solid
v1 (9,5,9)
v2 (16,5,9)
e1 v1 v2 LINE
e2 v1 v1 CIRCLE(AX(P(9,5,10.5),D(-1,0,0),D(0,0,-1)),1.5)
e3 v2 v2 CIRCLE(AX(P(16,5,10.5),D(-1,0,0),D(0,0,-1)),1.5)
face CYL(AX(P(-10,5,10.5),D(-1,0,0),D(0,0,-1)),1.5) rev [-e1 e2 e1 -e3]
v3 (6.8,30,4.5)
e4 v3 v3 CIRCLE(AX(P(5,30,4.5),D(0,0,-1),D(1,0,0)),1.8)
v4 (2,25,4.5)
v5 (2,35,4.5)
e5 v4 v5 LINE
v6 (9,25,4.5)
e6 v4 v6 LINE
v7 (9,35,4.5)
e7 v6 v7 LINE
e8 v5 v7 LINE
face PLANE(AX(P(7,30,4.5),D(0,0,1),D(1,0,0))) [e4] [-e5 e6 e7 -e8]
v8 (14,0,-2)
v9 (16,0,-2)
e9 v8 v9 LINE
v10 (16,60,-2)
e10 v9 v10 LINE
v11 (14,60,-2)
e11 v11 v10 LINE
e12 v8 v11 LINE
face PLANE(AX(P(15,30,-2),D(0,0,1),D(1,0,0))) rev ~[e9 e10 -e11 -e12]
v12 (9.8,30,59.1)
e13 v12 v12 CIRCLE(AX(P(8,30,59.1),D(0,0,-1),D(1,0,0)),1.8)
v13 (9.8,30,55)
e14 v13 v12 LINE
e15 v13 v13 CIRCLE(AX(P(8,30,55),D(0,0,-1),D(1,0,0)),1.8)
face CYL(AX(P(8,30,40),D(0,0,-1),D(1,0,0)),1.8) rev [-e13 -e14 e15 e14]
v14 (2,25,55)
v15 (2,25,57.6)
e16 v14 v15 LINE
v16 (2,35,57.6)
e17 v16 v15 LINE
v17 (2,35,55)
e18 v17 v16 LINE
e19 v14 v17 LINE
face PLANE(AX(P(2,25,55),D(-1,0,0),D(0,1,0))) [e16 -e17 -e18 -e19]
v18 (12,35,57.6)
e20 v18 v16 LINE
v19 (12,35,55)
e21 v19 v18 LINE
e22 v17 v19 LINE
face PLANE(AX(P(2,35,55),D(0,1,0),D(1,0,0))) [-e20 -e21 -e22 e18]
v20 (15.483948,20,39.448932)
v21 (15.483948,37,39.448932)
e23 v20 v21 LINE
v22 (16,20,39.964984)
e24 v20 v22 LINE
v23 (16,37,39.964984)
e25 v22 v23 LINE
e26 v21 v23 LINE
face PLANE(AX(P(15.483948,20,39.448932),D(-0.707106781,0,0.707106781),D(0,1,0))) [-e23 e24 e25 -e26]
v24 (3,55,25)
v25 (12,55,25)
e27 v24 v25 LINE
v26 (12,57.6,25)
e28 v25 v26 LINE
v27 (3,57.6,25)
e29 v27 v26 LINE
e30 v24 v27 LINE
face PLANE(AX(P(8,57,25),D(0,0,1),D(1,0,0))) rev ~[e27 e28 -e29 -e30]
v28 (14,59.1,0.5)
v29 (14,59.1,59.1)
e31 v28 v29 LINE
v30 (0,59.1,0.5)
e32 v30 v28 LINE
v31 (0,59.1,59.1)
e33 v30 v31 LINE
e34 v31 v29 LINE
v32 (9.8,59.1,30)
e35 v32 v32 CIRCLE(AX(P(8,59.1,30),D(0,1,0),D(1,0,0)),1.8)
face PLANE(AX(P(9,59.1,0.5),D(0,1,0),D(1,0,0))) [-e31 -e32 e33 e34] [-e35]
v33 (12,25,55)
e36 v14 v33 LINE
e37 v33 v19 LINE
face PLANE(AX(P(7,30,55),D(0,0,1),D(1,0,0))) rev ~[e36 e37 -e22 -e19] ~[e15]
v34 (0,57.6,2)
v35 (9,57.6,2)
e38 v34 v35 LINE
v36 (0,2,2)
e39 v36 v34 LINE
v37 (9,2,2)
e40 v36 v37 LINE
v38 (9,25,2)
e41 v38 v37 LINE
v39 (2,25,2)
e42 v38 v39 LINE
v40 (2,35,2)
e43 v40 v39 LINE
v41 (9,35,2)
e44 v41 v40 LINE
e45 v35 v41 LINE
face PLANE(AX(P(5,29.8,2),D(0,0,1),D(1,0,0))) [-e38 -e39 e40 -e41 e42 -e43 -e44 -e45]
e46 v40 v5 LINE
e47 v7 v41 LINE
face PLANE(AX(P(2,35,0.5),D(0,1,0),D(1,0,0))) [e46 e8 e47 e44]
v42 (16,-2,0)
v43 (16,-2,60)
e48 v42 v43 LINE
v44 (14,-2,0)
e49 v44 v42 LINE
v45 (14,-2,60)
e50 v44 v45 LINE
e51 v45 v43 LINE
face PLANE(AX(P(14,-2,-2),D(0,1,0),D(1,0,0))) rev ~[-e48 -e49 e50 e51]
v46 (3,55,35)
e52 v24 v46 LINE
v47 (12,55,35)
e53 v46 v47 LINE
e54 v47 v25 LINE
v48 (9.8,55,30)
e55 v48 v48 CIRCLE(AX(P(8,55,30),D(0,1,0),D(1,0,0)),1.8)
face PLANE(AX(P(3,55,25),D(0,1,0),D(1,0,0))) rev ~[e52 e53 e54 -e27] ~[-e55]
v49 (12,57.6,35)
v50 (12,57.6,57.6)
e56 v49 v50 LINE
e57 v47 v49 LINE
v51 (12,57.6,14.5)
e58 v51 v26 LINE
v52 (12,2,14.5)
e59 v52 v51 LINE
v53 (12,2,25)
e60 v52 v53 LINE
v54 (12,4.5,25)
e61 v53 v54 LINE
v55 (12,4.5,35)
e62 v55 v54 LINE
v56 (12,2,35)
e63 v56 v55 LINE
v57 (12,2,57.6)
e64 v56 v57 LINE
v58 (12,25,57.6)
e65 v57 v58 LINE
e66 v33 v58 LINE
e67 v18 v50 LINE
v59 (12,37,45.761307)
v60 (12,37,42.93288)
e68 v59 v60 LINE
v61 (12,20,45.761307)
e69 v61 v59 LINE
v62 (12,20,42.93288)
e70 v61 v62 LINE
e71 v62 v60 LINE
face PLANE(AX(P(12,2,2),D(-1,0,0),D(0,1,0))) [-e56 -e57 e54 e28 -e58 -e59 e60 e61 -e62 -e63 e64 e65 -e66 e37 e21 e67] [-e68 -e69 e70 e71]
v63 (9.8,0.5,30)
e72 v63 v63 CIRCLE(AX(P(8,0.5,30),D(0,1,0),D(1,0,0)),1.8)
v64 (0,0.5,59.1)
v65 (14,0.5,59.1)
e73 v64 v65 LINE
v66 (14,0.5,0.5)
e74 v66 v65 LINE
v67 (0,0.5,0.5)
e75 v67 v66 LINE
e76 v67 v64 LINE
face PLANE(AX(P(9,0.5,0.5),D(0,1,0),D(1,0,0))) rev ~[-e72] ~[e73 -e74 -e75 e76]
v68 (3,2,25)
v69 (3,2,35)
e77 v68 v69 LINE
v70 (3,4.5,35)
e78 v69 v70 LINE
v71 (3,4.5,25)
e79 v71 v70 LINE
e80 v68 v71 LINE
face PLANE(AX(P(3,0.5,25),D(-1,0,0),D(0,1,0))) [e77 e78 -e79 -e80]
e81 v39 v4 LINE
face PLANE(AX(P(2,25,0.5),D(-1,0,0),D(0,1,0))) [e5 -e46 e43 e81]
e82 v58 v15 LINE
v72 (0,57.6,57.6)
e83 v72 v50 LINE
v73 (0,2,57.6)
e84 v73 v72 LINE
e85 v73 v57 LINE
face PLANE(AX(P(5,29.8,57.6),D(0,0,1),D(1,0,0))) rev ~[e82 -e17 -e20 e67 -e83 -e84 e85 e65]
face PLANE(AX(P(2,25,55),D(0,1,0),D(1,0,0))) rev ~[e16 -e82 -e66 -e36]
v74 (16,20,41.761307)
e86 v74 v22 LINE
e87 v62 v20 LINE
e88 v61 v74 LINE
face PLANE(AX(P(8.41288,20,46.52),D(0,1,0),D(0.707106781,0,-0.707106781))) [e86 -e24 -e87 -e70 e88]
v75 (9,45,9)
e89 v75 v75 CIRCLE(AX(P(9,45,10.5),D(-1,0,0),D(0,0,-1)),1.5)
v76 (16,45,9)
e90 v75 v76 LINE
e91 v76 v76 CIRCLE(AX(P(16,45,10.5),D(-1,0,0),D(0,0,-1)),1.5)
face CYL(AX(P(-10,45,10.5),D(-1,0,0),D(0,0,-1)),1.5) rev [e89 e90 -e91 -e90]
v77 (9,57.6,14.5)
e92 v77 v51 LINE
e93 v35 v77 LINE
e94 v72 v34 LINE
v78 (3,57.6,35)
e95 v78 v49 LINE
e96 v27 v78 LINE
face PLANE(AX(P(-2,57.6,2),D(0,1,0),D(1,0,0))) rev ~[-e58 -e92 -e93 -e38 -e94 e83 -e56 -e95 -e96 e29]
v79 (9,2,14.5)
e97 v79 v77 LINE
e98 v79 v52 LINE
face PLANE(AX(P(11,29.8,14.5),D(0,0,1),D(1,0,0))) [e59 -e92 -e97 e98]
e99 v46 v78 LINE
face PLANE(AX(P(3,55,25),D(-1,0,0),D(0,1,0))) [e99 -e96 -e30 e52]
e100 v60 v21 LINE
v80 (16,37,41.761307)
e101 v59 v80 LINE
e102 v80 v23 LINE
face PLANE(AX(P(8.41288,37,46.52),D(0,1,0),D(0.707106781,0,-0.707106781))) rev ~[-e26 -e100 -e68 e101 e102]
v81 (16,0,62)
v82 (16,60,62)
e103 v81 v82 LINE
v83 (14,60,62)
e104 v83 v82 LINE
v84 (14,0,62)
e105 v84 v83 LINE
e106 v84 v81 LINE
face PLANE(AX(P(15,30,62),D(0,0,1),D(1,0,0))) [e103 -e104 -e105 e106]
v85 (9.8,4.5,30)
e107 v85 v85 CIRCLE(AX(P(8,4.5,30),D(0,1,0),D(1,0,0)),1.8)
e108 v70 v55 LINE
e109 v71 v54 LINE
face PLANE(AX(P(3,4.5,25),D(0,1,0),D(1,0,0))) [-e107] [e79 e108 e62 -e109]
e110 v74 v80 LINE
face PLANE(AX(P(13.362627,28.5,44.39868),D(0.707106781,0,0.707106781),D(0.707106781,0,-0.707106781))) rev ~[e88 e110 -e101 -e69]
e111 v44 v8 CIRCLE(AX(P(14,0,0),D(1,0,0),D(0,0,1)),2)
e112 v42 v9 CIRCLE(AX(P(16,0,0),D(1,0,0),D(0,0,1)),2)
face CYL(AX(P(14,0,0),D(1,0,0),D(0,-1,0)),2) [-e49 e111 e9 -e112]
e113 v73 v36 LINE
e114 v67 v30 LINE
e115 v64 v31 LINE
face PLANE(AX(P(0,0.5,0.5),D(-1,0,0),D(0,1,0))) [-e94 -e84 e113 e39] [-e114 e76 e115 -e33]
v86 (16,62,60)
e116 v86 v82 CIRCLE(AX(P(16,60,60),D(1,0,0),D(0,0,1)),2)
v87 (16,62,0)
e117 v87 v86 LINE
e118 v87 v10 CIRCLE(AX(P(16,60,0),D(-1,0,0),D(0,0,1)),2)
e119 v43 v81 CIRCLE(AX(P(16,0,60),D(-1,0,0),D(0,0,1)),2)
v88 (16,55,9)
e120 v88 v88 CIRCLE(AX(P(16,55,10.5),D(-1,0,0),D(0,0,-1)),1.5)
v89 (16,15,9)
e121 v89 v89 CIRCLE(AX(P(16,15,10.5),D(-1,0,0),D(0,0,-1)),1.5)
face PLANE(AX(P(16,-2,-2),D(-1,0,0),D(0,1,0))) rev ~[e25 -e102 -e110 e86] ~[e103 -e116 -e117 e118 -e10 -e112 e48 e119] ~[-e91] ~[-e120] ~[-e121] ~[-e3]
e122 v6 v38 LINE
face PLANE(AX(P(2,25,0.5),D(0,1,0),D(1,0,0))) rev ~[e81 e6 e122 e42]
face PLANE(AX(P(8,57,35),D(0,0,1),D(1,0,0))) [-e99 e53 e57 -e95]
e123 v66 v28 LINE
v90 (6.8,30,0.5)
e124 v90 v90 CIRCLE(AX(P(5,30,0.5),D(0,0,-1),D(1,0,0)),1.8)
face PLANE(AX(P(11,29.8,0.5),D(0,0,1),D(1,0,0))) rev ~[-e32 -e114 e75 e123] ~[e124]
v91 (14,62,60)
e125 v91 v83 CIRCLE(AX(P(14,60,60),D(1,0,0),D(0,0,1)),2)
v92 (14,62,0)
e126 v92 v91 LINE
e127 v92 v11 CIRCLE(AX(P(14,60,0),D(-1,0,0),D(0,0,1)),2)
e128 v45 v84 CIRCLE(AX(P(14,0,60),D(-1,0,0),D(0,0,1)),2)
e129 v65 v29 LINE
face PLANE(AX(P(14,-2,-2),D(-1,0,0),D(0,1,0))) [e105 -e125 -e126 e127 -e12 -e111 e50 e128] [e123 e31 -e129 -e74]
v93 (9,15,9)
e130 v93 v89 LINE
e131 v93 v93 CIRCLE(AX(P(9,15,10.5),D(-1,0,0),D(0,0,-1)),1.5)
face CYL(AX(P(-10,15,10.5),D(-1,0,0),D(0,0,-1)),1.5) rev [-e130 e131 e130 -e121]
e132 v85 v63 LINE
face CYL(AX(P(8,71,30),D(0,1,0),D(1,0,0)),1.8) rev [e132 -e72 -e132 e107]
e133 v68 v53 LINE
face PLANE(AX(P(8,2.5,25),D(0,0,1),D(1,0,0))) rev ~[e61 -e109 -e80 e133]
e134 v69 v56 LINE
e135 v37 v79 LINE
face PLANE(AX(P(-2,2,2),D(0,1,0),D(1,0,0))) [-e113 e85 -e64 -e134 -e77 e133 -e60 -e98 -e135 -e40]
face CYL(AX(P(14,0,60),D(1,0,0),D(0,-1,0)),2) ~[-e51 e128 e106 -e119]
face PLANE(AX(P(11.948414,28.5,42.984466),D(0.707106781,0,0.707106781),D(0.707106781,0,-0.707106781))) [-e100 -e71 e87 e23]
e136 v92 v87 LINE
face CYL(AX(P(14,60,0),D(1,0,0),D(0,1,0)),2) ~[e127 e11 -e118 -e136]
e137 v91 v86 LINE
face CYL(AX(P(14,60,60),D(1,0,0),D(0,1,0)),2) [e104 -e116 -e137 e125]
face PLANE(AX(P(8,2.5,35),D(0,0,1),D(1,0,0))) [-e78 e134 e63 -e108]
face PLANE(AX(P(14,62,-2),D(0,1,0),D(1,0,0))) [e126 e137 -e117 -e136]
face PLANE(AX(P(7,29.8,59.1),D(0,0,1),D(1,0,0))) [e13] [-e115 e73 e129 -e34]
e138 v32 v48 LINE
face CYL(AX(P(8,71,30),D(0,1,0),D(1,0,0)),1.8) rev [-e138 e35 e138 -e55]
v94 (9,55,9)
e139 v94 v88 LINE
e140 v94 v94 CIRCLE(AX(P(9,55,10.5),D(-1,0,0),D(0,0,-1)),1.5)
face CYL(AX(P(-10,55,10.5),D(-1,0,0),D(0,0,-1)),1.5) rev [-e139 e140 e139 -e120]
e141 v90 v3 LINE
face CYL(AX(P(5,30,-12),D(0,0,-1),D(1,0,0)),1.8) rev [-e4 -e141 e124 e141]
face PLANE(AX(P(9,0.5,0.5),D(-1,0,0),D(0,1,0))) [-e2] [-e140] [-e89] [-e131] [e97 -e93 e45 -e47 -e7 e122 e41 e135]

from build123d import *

# Parameters (mm, degrees)
CYLINDER004_R          = 1.8
CYLINDER004_DEPTH      = 40
CYLINDER005_R          = 1.8
CYLINDER005_DEPTH      = 40
CYLINDER006_R          = 1.5
CYLINDER006_DEPTH      = 40
ARRAY002_Y_COUNT       = 2
ARRAY002_Y_PITCH       = 10
ARRAY003_Y_COUNT       = 2
ARRAY003_Y_PITCH       = 40
CYLINDER003_R          = 1.8
CYLINDER003_DEPTH      = 80
BOX010_W               = 4
BOX010_H               = 58.6
BOX010_DEPTH           = 14
BOX013_W               = 10
BOX013_H               = 10
BOX013_DEPTH           = 4
ARRAY004_Z_COUNT       = 2
ARRAY004_Z_PITCH       = 54.5
BOX014_W               = 10
BOX014_H               = 4
BOX014_DEPTH           = 10
ARRAY005_Y_COUNT       = 2
ARRAY005_Y_PITCH       = 54.5
BOX011_W               = 10
BOX011_H               = 17
BOX011_DEPTH           = 2
BOX011_PLACEMENT_ANGLE = 45
BOX009_W               = 14
BOX009_H               = 55.6
BOX009_DEPTH           = 55.6
BOX012_W               = 2
BOX012_H               = 64
BOX012_DEPTH           = 64
FILLET005_R            = 2
BOX008_W               = 14
BOX008_H               = 58.6
BOX008_DEPTH           = 58.6


with BuildPart() as vert_bottom_hole:
    # Cylinder004 → Cylinder004 (new body)
    with BuildSketch(Plane(origin=(5, 30, -12), x_dir=(1, 0, 0), z_dir=(0, 0, 1))):
        Circle(CYLINDER004_R)
    extrude(amount=CYLINDER004_DEPTH)


with BuildPart() as vert_top_hole:
    # Cylinder005 → Cylinder005 (new body)
    with BuildSketch(Plane(origin=(8, 30, 40), x_dir=(1, 0, 0), z_dir=(0, 0, 1))):
        Circle(CYLINDER005_R)
    extrude(amount=CYLINDER005_DEPTH)


with BuildPart() as wall_hole_array_array:
    # Cylinder006 → Cylinder006 (new body)
    with BuildSketch(Plane(origin=(0, 5, 10.5), x_dir=(0, 0, -1), z_dir=(1, 0, 0))):
        Circle(CYLINDER006_R)
    extrude(amount=CYLINDER006_DEPTH)

    # Array002 Y: wall hole array array ×2


with BuildPart() as wall_hole_array_array_1:
    add(wall_hole_array_array.part)
    with Locations(*[(0, i * ARRAY002_Y_PITCH, 0) for i in range(1, ARRAY002_Y_COUNT)]):
        add(wall_hole_array_array.part)

    # Array003 Y: wall hole array array ×2


with BuildPart() as wall_hole_array_array_2:
    add(wall_hole_array_array_1.part)
    with Locations(*[(0, i * ARRAY003_Y_PITCH, 0) for i in range(1, ARRAY003_Y_COUNT)]):
        add(wall_hole_array_array_1.part)


with BuildPart() as wall_hole_array_array_3:
    # Array003 placement: moved
    add(wall_hole_array_array_2.part.moved(Location((-10, 0, 0))))


with BuildPart() as around_wall_hole_fusion:
    # Cylinder003 → Cylinder003 (new body)
    with BuildSketch(Plane(origin=(8, 71, 30), x_dir=(1, 0, 0), z_dir=(0, -1, 0))):
        Circle(CYLINDER003_R)
    extrude(amount=CYLINDER003_DEPTH)

    # Fusion005: union vert bottom hole, vert top hole, wall hole array array
    add(vert_bottom_hole.part)
    add(vert_top_hole.part)
    add(wall_hole_array_array_3.part)


with BuildPart() as bottom_addition:
    # Box010 → Box010 (new body)
    with BuildSketch(Plane(origin=(9, 0.5, 0.5), x_dir=(1, 0, 0), z_dir=(0, 0, 1))):
        with Locations((2, 29.3)):
            Rectangle(BOX010_W, BOX010_H)
    extrude(amount=BOX010_DEPTH)


with BuildPart() as enf_array:
    # Box013 → Box013 (new body)
    with BuildSketch(Plane(origin=(2, 25, 0.5), x_dir=(1, 0, 0), z_dir=(0, 0, 1))):
        with Locations((5, 5)):
            Rectangle(BOX013_W, BOX013_H)
    extrude(amount=BOX013_DEPTH)

    # Array004 Z: enf array ×2


with BuildPart() as enf_array_1:
    add(enf_array.part)
    with Locations(*[(0, 0, i * ARRAY004_Z_PITCH) for i in range(1, ARRAY004_Z_COUNT)]):
        add(enf_array.part)


with BuildPart() as enf_array001:
    # Box014 → Box014 (new body)
    with BuildSketch(Plane(origin=(3, 0.5, 25), x_dir=(1, 0, 0), z_dir=(0, 0, 1))):
        with Locations((5, 2)):
            Rectangle(BOX014_W, BOX014_H)
    extrude(amount=BOX014_DEPTH)

    # Array005 Y: enf array001 ×2


with BuildPart() as enf_array001_1:
    add(enf_array001.part)
    with Locations(*[(0, i * ARRAY005_Y_PITCH, 0) for i in range(1, ARRAY005_Y_COUNT)]):
        add(enf_array001.part)


with BuildPart() as camera_cable_hole:
    # Box011 → Box011 (new body)
    with BuildSketch(Plane.XY):
        with Locations((5, 8.5)):
            Rectangle(BOX011_W, BOX011_H)
    extrude(amount=BOX011_DEPTH)


with BuildPart() as camera_cable_hole_1:
    # Box011 placement: moved
    add(camera_cable_hole.part.moved(Location((8.41288, 20, 46.52))).rotate(Axis((8.41288, 20, 46.52), (0, 1, 0)), BOX011_PLACEMENT_ANGLE))


with BuildPart() as back_wall_hole_fusion:
    # Box009 → Box009 (new body)
    with BuildSketch(Plane(origin=(-2, 2, 2), x_dir=(1, 0, 0), z_dir=(0, 0, 1))):
        with Locations((7, 27.8)):
            Rectangle(BOX009_W, BOX009_H)
    extrude(amount=BOX009_DEPTH)

    # Fusion002: union camera cable hole
    add(camera_cable_hole_1.part)


with BuildPart() as back_back_wall_fillet:
    # Box012 → Box012 (new body)
    with BuildSketch(Plane(origin=(14, -2, -2), x_dir=(1, 0, 0), z_dir=(0, 0, 1))):
        with Locations((1, 32)):
            Rectangle(BOX012_W, BOX012_H)
    extrude(amount=BOX012_DEPTH)

    # Fillet005
    fillet005_edges = [back_back_wall_fillet.edges().sort_by_distance(p)[0] for p in [
        (15, -2, -2),
        (15, -2, 62),
        (15, 62, -2),
        (15, 62, 62),
    ]]
    fillet(fillet005_edges, radius=FILLET005_R)


with BuildPart() as back_wall_whole_cut:
    # Box008 → Box008 (new body)
    with BuildSketch(Plane(origin=(0, 0.5, 0.5), x_dir=(1, 0, 0), z_dir=(0, 0, 1))):
        with Locations((7, 29.3)):
            Rectangle(BOX008_W, BOX008_H)
    extrude(amount=BOX008_DEPTH)

    # Fusion004: union back back wall fillet
    add(back_back_wall_fillet.part)

    # Cut004002: cut back wall hole fusion
    add(back_wall_hole_fusion.part, mode=Mode.SUBTRACT)

    # Fusion003: union bottom addition, enf array, enf array001
    add(bottom_addition.part)
    add(enf_array_1.part)
    add(enf_array001_1.part)

    # Cut004003: cut around wall hole fusion
    add(around_wall_hole_fusion.part, mode=Mode.SUBTRACT)


solid = back_wall_whole_cut.part
